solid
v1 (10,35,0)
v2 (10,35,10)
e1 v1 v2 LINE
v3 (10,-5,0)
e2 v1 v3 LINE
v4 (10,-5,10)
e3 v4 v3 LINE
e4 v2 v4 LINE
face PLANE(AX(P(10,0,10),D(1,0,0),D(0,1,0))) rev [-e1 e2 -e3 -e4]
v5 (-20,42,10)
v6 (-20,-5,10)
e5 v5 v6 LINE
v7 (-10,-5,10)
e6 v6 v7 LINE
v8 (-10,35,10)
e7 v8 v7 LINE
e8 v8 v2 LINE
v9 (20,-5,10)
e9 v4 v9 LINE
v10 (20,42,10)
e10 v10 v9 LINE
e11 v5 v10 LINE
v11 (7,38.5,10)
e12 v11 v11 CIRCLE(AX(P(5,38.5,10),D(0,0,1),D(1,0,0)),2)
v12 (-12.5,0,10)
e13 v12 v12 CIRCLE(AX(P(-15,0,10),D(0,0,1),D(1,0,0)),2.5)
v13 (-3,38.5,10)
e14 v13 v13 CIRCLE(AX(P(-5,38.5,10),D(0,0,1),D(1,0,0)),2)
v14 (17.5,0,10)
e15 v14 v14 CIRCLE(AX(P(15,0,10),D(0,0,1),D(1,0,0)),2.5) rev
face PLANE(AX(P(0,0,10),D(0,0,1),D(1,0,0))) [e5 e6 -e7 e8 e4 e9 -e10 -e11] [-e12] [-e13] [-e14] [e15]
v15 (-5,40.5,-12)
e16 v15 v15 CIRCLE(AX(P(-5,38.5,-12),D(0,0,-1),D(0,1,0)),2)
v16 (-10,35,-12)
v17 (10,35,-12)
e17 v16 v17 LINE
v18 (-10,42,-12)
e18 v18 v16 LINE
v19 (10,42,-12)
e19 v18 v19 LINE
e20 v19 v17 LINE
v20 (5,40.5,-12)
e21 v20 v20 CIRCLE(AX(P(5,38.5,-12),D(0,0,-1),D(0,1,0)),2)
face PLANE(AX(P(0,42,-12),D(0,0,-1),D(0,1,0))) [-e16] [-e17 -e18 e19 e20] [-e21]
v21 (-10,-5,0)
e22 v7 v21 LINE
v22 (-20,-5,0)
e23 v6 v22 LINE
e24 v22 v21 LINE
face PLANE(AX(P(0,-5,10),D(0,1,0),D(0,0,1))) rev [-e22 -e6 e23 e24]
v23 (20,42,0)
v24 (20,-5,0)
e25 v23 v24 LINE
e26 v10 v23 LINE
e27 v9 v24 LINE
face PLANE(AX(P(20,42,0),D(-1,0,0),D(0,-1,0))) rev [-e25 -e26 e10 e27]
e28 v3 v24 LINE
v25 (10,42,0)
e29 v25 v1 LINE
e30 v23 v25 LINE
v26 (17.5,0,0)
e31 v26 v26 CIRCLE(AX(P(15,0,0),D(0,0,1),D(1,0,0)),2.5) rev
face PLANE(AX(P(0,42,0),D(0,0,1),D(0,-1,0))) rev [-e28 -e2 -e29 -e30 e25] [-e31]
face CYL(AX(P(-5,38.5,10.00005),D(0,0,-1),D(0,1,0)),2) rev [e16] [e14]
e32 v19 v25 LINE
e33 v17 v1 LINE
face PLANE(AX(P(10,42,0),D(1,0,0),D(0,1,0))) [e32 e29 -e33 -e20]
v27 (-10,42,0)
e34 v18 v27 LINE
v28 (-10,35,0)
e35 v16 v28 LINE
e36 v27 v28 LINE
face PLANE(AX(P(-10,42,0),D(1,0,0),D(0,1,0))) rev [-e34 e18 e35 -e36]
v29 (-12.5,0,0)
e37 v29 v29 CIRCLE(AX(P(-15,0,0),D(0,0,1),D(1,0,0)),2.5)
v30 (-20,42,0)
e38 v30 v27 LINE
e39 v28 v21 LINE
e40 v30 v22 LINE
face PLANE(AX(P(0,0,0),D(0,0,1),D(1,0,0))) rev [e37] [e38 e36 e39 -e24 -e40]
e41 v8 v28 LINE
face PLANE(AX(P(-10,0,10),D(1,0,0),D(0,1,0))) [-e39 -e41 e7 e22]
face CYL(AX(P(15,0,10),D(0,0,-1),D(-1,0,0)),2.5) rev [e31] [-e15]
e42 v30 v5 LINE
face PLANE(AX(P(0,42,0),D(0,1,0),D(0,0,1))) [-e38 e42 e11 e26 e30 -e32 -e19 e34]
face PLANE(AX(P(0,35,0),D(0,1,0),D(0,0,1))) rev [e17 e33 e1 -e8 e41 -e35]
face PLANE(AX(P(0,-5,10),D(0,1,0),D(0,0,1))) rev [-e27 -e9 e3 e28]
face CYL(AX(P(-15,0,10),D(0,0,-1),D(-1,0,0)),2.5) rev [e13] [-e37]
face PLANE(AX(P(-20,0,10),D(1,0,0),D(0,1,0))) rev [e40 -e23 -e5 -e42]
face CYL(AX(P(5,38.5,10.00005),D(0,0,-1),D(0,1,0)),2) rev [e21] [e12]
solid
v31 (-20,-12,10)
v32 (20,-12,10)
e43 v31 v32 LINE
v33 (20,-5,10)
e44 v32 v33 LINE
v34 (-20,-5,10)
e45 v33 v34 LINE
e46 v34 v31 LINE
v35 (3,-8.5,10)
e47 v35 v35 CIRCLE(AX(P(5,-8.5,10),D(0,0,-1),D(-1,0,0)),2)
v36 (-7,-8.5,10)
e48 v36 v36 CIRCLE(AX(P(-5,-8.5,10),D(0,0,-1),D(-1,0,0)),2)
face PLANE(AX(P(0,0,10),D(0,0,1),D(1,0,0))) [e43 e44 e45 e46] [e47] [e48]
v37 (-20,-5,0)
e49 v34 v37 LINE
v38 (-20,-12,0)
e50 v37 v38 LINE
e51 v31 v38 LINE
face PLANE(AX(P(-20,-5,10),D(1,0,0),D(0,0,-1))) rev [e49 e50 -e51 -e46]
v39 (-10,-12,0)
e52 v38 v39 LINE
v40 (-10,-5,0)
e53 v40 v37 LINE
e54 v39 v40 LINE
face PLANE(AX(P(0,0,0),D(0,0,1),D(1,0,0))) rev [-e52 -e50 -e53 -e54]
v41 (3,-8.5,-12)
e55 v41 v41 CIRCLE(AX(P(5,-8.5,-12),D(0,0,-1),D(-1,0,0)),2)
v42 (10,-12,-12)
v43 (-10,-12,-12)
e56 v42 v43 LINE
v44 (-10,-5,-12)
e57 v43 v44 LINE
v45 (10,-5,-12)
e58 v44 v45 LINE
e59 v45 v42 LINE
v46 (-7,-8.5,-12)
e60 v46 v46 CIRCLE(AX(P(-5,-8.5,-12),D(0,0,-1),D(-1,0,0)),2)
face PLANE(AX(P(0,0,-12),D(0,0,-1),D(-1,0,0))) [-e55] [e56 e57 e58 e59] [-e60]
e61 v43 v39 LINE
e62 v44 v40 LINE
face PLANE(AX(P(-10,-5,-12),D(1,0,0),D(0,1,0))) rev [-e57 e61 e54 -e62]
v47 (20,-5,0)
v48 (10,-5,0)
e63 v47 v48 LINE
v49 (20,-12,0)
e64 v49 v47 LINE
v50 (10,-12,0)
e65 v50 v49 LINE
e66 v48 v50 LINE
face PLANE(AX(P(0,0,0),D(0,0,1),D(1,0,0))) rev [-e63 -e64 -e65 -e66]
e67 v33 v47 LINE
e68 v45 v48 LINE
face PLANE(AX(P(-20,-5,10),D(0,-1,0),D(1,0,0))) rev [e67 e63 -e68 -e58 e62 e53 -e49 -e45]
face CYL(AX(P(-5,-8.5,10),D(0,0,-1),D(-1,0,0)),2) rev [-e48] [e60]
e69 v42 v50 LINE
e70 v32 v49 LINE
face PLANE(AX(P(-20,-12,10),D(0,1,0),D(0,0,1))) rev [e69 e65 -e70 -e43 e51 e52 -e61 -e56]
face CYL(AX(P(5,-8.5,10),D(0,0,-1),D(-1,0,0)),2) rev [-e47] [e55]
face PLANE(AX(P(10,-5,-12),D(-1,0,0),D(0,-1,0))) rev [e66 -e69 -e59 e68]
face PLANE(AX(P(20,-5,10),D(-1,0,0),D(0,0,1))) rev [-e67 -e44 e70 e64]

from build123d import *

# Parameters (mm, degrees)
SKETCH_1_W          = 10
SKETCH_1_H          = 10
SKETCH_1_R          = 2.5
EXTRUDE_2_DEPTH     = 10
EXTRUDE_2_2_DEPTH   = 10
SKETCH_2_W          = 40
SKETCH_2_H          = 7
EXTRUDE_3_DEPTH     = 10
SKETCH_3_W          = 20
SKETCH_3_H          = 7
EXTRUDE_4_DEPTH     = 12
SKETCH_4_R          = 2
CUT_EXTRUDE_1_DEPTH = 33.062439084
SKETCH_5_W          = 10
SKETCH_5_H          = 10
EXTRUDE_5_DEPTH     = 30
SKETCH_6_W          = 20
SKETCH_6_H          = 12
SKETCH_6_W_2        = 10
SKETCH_6_H_2        = 10
EXTRUDE_6_DEPTH     = 7
SKETCH_7_R          = 2
CUT_EXTRUDE_2_DEPTH = 52.458721321


with BuildPart() as part:
    # Эскиз1 → Бобышка-Вытянуть2 (new body)
    with BuildSketch(Plane.XY):
        with Locations((-15, 0)):
            Rectangle(SKETCH_1_W, SKETCH_1_H)
        with Locations((-15, 0)):
            Circle(SKETCH_1_R, mode=Mode.SUBTRACT)
    extrude(amount=EXTRUDE_2_DEPTH)



with BuildPart() as body_2:
    # Эскиз1 → Extrude 2 2 (new body)
    with BuildSketch(Plane.XY):
        with Locations((15, 0)):
            Rectangle(SKETCH_1_W, SKETCH_1_H)
        with Locations((15, 0)):
            Circle(SKETCH_1_R, mode=Mode.SUBTRACT)
    extrude(amount=EXTRUDE_2_2_DEPTH)


with BuildPart() as body_3:
    # Эскиз2 → Бобышка-Вытянуть3 (new body)
    with BuildSketch(Plane.XY):
        with Locations((0, -8.5)):
            Rectangle(SKETCH_2_W, SKETCH_2_H)
    extrude(amount=EXTRUDE_3_DEPTH)

    # Эскиз3 → Бобышка-Вытянуть4 (add)
    with BuildSketch(Plane(origin=(0, 0, 0), x_dir=(-1, 0, 0), z_dir=(0, 0, -1))):
        with Locations((0, -8.5)):
            Rectangle(SKETCH_3_W, SKETCH_3_H)
    extrude(amount=EXTRUDE_4_DEPTH)

    # Эскиз4 → Вырез-Вытянуть1 (cut, through all)
    with BuildSketch(Plane(origin=(0, 0, -12), x_dir=(-1, 0, 0), z_dir=(0, 0, -1))):
        with Locations((-5, -8.5)):
            Circle(SKETCH_4_R)
        with Locations((5, -8.5)):
            Circle(SKETCH_4_R)
    extrude(amount=-CUT_EXTRUDE_1_DEPTH, mode=Mode.SUBTRACT)


with BuildPart() as part_1:
    add(part.part)

    add(body_2.part)  # Бобышка-Вытянуть5 merges body 2
    # Эскиз5 → Бобышка-Вытянуть5 (add)
    with BuildSketch(Plane(origin=(0, 5, 0), x_dir=(1, 0, 0), z_dir=(0, 1, 0))):
        with Locations((-15, -5)):
            Rectangle(SKETCH_5_W, SKETCH_5_H)
        with Locations((15, -5)):
            Rectangle(SKETCH_5_W, SKETCH_5_H)
    extrude(amount=EXTRUDE_5_DEPTH)

    # Эскиз6 → Бобышка-Вытянуть6 (add)
    with BuildSketch(Plane(origin=(0, 35, 0), x_dir=(1, 0, 0), z_dir=(0, 1, 0))):
        with Locations((0, 6)):
            Rectangle(SKETCH_6_W, SKETCH_6_H)
        Polygon((-10, 0), (-20, 0), (-20, -10), (10, -10), (10, 0), align=None)
        with Locations((15, -5)):
            Rectangle(SKETCH_6_W_2, SKETCH_6_H_2)
    extrude(amount=EXTRUDE_6_DEPTH)

    # Эскиз7 → Вырез-Вытянуть2 (cut, through all)
    with BuildSketch(Plane(origin=(0, 0, -12), x_dir=(-1, 0, 0), z_dir=(0, 0, -1))):
        with Locations(Location((-5, 38.5, 0), (0, 0, 90))):
            Circle(SKETCH_7_R)
        with Locations(Location((5, 38.5, 0), (0, 0, 90))):
            Circle(SKETCH_7_R)
    extrude(amount=-CUT_EXTRUDE_2_DEPTH, mode=Mode.SUBTRACT)


solid = Compound([body_3.part, part_1.part])
